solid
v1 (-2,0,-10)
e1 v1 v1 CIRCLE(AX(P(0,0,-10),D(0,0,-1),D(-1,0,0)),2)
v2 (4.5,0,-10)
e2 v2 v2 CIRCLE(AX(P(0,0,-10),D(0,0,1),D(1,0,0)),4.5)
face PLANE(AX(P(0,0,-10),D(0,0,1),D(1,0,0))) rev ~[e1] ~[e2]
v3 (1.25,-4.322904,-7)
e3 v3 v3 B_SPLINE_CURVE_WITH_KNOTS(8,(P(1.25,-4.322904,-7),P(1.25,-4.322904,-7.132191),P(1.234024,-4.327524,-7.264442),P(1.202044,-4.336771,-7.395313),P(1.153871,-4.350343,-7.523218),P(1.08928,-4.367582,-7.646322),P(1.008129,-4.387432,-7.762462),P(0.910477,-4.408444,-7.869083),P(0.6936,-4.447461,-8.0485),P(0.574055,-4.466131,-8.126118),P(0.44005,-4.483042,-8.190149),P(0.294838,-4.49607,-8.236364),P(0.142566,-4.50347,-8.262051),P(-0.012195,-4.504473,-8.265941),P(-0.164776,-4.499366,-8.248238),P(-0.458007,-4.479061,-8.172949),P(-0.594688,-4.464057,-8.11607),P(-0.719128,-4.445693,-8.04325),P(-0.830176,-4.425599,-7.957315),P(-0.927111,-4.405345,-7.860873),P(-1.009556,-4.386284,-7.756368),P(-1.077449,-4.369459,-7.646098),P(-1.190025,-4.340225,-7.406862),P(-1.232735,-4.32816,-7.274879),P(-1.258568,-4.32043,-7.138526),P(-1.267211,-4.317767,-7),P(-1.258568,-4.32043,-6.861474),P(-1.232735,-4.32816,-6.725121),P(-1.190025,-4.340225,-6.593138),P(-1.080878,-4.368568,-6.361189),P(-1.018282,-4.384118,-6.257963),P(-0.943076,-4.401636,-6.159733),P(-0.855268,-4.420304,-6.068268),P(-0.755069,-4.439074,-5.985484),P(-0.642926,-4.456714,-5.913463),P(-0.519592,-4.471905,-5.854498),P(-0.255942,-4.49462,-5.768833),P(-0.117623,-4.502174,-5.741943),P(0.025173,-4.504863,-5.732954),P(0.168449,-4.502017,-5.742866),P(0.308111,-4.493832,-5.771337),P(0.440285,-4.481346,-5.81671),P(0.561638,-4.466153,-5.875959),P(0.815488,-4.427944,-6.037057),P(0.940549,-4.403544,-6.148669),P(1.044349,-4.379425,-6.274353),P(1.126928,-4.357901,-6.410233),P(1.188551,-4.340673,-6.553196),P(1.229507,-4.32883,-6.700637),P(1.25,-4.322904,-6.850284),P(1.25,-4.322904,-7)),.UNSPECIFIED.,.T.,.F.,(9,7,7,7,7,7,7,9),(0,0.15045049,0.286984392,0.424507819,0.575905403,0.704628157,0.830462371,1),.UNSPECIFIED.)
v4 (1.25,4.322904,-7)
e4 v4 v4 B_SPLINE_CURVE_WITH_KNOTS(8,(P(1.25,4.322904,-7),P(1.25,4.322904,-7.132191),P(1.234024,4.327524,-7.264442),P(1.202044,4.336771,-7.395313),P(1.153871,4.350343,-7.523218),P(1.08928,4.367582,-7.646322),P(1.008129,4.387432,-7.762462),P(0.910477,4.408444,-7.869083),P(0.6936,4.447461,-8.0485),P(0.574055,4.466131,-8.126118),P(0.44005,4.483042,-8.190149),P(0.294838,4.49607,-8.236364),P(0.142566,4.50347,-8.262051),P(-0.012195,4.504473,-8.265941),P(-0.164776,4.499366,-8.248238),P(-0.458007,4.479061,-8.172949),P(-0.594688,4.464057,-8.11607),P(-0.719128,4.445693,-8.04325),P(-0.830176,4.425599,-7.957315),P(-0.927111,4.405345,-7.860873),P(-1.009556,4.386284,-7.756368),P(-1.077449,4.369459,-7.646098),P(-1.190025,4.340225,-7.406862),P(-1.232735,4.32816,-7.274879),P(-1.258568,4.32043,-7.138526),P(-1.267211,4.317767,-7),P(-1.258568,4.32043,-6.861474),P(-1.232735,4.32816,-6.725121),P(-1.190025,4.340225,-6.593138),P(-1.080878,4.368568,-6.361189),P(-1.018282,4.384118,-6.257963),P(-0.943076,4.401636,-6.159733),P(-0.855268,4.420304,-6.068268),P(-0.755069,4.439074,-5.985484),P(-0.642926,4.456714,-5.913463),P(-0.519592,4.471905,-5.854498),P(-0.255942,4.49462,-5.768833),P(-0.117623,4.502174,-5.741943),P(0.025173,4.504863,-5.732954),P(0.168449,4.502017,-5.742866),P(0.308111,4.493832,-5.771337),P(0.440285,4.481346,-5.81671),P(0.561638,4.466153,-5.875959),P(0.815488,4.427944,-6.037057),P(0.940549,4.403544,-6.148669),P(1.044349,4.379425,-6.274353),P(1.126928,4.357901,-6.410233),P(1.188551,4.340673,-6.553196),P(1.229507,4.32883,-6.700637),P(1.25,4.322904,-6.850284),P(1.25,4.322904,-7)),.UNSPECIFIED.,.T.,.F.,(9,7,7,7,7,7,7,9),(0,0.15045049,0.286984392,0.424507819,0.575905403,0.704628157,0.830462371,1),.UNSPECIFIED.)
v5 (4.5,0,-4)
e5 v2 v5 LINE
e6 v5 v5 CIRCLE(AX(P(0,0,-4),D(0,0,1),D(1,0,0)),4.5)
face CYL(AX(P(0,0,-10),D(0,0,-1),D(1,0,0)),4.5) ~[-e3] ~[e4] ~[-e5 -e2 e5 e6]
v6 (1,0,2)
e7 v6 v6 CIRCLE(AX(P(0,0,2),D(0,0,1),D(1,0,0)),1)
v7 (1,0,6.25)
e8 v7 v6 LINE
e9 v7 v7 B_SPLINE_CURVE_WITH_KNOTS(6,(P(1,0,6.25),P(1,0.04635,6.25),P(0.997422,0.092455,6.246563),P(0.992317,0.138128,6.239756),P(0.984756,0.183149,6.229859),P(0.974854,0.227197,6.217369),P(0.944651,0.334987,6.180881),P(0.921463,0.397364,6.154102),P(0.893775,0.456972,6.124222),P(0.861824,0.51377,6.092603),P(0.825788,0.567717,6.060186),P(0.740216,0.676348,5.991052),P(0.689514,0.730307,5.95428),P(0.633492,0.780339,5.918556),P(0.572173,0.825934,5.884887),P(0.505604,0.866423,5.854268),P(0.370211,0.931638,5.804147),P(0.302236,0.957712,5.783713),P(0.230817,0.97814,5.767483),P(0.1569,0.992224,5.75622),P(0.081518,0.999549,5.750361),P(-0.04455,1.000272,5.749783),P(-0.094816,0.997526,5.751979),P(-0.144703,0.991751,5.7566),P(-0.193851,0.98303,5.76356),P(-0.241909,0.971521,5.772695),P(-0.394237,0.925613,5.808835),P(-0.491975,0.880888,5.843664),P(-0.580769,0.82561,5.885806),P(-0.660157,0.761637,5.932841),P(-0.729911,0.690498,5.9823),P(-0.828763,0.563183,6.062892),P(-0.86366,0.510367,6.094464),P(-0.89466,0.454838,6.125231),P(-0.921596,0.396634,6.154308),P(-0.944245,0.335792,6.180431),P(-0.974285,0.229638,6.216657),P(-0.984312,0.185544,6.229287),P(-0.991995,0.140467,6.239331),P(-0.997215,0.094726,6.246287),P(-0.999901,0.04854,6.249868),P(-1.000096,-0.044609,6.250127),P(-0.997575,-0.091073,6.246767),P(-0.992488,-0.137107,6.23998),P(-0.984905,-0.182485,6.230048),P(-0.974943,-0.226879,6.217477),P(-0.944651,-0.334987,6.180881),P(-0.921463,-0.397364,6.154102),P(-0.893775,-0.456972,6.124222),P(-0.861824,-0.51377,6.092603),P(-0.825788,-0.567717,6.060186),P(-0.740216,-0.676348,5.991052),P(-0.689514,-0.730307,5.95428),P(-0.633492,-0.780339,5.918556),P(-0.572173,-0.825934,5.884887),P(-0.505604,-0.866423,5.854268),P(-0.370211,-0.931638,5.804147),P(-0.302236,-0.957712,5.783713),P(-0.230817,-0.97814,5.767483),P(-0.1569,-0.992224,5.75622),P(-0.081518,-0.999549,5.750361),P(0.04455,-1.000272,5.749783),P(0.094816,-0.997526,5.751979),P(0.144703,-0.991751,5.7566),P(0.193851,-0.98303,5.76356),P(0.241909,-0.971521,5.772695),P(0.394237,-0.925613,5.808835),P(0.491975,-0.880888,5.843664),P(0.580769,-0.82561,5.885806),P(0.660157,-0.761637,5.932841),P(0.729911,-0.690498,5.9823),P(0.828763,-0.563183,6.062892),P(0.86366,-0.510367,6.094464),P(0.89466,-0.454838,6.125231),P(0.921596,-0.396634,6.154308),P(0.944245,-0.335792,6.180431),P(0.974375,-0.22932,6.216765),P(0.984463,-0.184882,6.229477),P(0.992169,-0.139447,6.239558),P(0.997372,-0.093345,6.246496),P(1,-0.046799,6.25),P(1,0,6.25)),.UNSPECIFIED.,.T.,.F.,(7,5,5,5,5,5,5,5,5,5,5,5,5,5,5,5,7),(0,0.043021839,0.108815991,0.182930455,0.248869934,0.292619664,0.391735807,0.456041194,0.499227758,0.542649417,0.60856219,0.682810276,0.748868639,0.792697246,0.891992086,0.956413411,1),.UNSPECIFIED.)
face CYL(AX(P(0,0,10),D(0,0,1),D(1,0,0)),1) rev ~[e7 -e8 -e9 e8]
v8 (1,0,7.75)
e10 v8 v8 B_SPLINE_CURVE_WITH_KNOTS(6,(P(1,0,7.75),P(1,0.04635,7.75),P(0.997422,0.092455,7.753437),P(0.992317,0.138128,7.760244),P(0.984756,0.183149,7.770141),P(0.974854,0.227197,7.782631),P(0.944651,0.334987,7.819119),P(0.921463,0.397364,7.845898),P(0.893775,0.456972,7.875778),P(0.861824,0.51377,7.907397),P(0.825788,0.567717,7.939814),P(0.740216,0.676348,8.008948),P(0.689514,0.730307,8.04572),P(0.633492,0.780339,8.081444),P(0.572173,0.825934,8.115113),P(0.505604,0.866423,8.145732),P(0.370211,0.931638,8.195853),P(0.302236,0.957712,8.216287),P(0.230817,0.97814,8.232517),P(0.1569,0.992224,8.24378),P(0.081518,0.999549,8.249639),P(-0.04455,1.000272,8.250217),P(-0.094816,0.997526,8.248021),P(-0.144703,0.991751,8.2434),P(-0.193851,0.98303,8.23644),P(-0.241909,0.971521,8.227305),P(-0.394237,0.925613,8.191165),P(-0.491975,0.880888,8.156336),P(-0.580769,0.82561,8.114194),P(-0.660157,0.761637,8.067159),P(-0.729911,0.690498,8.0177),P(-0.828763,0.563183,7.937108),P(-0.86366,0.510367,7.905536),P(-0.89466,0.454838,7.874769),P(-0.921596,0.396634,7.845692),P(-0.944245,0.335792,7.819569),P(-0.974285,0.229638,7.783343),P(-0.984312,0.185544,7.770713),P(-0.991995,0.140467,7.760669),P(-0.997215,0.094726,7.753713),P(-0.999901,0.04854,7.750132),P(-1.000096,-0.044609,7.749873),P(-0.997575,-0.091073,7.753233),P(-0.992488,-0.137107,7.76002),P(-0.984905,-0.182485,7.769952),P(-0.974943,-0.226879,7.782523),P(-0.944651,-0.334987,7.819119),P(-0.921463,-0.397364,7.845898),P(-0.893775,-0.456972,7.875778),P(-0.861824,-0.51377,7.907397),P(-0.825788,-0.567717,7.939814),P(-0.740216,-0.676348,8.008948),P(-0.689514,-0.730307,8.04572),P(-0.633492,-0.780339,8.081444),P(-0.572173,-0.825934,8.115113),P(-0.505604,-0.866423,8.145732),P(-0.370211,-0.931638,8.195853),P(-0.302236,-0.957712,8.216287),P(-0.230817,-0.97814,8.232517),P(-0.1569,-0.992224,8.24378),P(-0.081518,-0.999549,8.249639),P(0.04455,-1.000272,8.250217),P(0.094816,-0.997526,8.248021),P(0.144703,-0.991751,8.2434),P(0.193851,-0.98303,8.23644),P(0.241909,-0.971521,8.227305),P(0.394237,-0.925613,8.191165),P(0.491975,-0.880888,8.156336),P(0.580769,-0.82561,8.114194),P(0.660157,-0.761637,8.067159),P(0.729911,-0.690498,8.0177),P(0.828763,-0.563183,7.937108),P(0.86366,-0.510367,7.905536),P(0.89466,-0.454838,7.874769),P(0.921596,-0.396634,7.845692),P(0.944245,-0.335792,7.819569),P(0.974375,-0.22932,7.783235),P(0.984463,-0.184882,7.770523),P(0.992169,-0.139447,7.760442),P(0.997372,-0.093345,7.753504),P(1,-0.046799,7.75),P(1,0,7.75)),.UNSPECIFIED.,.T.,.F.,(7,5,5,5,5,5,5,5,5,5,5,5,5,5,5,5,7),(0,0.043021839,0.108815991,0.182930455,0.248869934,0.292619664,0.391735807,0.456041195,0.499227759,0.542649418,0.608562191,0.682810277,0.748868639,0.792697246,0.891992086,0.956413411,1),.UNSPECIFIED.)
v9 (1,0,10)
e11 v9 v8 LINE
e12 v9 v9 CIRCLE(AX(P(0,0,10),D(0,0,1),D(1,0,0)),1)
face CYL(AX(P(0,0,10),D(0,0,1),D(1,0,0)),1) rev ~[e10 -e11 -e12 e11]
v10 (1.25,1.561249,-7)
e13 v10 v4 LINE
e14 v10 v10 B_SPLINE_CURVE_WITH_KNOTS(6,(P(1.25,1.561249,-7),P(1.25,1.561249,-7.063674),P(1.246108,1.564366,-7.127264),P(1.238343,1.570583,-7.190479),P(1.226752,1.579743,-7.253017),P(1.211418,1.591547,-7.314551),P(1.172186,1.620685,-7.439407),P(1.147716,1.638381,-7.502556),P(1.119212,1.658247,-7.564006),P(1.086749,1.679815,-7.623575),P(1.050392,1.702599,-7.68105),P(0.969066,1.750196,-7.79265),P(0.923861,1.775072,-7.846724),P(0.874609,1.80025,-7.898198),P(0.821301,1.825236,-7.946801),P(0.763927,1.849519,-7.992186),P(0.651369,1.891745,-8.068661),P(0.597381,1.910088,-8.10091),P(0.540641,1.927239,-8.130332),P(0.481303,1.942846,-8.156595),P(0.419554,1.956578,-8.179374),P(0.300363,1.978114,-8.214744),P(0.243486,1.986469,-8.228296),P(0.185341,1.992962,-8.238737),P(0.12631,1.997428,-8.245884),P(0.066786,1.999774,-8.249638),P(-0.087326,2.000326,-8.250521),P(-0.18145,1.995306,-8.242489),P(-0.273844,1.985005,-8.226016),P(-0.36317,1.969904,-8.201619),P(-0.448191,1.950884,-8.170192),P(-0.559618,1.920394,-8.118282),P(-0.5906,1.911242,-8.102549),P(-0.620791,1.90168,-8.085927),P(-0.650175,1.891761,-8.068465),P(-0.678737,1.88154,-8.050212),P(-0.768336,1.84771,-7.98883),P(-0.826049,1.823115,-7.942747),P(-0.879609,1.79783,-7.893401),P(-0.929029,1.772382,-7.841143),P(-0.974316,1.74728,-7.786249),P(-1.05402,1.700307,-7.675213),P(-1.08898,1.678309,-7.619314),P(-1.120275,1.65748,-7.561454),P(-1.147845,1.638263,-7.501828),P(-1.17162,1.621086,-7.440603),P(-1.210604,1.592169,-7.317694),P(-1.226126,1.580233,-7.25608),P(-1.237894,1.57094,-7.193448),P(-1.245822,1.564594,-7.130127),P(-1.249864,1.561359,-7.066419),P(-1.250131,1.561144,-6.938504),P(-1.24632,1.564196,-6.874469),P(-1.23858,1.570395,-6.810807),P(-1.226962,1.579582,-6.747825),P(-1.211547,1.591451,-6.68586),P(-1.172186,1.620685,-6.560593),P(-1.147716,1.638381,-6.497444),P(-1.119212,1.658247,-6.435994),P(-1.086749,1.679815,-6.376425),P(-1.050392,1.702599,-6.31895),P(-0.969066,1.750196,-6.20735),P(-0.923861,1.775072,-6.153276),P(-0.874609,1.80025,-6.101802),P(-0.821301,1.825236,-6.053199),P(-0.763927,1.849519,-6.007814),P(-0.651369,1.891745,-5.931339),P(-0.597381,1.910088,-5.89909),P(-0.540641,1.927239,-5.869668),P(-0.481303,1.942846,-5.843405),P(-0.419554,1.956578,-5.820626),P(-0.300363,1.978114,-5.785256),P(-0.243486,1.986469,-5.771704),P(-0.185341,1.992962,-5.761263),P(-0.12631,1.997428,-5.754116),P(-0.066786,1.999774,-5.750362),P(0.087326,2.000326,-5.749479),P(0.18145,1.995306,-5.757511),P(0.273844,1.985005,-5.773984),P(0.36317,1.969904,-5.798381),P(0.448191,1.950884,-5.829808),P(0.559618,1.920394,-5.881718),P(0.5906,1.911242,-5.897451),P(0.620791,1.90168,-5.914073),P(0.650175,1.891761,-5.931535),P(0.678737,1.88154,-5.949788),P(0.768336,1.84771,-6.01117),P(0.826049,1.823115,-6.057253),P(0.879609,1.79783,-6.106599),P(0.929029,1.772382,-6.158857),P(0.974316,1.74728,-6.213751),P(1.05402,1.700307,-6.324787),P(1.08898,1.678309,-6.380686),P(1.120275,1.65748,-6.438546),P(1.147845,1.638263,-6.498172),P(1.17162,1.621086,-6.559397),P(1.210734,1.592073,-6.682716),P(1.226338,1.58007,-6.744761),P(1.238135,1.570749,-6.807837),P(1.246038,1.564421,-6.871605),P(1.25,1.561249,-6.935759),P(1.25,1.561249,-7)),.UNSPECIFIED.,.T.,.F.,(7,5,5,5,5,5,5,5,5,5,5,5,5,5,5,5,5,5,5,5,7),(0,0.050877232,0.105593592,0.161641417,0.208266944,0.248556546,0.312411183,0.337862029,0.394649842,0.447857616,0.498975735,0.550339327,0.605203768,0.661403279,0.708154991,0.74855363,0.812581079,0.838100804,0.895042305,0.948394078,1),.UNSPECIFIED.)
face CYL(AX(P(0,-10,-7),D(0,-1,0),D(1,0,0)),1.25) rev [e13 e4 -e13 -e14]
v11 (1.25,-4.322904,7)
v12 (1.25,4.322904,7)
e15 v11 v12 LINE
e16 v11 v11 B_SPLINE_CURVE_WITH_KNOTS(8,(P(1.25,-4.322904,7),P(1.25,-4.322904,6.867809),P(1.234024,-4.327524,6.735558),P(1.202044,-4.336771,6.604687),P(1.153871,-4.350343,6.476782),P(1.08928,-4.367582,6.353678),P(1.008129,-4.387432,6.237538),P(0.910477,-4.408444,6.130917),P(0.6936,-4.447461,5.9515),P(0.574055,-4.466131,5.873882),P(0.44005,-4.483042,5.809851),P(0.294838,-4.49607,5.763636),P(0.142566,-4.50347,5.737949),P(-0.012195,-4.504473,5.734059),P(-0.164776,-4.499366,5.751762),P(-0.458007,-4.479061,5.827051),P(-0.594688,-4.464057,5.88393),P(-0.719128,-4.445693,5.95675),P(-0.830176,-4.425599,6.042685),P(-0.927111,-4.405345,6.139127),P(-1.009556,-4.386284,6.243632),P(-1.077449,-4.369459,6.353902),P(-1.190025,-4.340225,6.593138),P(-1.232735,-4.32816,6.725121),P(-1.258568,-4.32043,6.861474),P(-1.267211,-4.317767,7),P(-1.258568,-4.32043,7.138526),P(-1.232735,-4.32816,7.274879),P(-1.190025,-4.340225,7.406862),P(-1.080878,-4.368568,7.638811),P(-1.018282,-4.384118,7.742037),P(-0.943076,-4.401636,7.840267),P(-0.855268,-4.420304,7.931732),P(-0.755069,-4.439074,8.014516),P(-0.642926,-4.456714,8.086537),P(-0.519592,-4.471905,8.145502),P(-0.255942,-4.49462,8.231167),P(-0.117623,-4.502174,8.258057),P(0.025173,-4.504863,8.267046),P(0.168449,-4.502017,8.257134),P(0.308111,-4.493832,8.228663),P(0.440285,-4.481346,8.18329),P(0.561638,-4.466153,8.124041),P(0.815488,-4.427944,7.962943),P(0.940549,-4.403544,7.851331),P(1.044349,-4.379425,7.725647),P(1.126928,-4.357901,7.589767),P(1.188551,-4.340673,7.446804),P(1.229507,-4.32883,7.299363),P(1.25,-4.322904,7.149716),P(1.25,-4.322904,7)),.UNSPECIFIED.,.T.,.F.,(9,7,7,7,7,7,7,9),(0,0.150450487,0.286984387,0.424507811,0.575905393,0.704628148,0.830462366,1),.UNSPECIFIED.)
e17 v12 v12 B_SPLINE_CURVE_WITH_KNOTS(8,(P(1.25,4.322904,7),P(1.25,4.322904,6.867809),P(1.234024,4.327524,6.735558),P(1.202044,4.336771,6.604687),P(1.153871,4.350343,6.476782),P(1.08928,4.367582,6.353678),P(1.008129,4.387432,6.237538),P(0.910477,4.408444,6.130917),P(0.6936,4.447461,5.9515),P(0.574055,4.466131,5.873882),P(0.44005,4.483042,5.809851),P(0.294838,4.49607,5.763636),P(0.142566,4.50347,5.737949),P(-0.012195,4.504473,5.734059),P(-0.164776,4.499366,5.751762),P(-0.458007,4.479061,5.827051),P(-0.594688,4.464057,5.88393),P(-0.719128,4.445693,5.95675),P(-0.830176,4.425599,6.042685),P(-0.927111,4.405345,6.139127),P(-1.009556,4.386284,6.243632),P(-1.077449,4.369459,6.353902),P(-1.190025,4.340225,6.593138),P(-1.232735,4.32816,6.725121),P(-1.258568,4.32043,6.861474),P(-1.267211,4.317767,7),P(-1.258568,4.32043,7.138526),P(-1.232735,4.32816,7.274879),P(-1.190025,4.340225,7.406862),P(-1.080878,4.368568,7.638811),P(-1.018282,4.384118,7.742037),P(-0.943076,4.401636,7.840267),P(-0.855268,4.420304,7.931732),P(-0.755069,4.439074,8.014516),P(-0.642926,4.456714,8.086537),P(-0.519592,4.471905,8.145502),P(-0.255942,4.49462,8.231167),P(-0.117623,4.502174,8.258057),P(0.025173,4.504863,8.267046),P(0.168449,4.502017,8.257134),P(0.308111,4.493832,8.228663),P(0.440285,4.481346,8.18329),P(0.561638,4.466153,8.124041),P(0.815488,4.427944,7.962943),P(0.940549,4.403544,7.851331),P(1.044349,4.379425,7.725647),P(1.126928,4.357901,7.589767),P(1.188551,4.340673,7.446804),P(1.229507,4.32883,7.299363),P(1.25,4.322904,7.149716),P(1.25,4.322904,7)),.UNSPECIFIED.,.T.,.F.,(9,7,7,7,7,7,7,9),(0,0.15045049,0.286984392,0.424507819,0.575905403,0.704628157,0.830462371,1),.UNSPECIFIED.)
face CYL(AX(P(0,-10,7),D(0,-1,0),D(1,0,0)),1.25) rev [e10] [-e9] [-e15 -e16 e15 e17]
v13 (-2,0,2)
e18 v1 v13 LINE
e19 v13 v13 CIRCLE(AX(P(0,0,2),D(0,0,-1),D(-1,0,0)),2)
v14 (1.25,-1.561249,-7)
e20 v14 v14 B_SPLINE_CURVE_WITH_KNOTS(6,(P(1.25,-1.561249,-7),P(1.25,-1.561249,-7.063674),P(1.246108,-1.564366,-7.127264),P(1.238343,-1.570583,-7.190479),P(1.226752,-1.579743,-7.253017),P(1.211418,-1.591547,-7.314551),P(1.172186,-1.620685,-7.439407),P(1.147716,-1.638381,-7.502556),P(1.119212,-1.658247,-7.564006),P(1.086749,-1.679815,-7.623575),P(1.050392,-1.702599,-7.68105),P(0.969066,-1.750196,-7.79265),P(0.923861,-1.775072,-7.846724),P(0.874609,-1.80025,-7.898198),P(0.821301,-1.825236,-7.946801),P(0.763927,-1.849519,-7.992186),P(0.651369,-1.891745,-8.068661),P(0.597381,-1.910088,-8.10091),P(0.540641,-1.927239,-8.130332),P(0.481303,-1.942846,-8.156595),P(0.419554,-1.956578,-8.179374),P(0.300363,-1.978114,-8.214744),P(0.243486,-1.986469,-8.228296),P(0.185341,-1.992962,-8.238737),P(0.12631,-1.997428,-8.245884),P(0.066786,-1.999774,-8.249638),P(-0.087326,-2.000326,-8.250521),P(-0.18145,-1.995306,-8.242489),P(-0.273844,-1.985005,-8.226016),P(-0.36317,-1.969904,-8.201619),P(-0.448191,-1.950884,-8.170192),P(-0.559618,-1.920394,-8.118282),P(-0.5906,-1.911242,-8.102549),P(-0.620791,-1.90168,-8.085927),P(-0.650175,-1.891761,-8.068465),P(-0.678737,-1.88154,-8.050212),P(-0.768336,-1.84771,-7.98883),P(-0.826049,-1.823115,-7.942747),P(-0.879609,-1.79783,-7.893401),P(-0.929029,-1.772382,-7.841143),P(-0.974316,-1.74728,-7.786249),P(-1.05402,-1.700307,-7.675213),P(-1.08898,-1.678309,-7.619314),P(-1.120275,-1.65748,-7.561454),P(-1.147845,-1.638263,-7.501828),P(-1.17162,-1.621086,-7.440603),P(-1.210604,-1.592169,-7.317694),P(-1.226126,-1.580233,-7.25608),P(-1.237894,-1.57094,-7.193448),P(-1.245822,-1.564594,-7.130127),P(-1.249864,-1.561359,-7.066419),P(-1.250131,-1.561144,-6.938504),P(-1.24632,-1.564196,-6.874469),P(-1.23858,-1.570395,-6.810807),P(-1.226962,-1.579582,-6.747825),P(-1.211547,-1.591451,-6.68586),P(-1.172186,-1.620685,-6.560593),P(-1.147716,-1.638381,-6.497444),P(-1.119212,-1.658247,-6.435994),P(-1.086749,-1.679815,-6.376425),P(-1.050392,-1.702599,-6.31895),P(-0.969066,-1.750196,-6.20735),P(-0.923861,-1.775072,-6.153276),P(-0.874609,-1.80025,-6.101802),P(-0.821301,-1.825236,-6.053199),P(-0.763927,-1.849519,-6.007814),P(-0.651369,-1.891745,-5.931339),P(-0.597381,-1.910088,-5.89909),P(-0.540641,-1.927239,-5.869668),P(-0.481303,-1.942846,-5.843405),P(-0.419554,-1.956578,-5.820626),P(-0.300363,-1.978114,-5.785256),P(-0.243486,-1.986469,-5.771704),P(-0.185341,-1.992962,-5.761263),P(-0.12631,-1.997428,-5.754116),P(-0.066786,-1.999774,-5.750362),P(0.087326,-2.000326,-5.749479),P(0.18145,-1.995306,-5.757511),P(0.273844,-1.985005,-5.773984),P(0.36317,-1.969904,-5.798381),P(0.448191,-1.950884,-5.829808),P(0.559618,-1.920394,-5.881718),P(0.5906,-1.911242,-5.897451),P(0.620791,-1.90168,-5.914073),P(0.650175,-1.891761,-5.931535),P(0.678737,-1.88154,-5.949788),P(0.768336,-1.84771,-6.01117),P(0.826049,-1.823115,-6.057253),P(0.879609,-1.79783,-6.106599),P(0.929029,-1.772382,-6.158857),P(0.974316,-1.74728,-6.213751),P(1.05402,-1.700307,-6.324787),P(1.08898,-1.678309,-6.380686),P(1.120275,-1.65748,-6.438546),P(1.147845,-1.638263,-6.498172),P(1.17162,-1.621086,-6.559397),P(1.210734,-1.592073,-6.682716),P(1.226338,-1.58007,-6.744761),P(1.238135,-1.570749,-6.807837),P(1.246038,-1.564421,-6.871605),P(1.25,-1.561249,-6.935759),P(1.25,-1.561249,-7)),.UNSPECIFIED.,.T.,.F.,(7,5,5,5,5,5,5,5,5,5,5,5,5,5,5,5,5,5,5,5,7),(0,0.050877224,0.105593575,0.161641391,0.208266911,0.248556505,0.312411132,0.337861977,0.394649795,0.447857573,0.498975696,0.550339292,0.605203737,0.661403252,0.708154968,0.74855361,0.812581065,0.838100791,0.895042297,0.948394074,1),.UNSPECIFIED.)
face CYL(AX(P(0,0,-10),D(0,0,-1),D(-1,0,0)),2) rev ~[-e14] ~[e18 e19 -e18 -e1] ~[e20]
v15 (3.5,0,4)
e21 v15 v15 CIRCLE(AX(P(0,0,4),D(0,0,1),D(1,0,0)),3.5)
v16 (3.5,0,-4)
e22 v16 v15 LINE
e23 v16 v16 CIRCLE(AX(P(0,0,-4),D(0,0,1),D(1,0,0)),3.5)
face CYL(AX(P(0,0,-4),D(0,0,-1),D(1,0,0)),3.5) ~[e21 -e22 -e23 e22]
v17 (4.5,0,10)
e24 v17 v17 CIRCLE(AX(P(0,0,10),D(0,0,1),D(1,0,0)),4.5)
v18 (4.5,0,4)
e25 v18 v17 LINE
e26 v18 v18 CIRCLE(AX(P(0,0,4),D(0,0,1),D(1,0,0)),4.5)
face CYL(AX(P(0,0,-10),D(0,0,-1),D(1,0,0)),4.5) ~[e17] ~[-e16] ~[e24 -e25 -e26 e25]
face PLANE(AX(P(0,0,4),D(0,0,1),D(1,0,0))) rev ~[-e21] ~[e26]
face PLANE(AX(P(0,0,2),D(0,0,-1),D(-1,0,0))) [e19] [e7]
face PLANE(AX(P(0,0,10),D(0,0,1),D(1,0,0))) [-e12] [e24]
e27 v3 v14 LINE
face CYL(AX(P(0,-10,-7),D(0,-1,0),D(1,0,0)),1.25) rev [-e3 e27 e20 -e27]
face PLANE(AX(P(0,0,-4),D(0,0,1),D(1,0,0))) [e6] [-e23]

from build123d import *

# Parameters (mm, degrees)
BOSS_EXTRUDE1_DEPTH      = 10
BOSS_EXTRUDE1_DEPTH_BACK = 10
SKETCH1_R                = 4.5
CUT_EXTRUDE1_DEPTH       = 4
CUT_EXTRUDE1_DEPTH_BACK  = 4
SKETCH2_R                = 4.5
SKETCH2_R_2              = 3.5
SKETCH3_R                = 1
CUT_EXTRUDE2_DEPTH       = 20
SKETCH4_R                = 2
CUT_EXTRUDE3_DEPTH       = 12
CUT_EXTRUDE4_DEPTH       = 10
CUT_EXTRUDE4_DEPTH_BACK  = 10
SKETCH5_R                = 1.25


with BuildPart() as part:
    # Sketch1 → Boss-Extrude1 (new, two sides: drawn at the far end of the back side and taken through both)
    with BuildSketch(Plane.XY.offset(-BOSS_EXTRUDE1_DEPTH_BACK)):
        Circle(SKETCH1_R)
    extrude(amount=BOSS_EXTRUDE1_DEPTH + BOSS_EXTRUDE1_DEPTH_BACK)

    # Sketch2 → Cut-Extrude1 (cut, two sides: drawn at the far end of the back side and taken through both)
    with BuildSketch(Plane.XY.offset(-CUT_EXTRUDE1_DEPTH_BACK)):
        Circle(SKETCH2_R)
        Circle(SKETCH2_R_2, mode=Mode.SUBTRACT)
    extrude(amount=CUT_EXTRUDE1_DEPTH + CUT_EXTRUDE1_DEPTH_BACK, mode=Mode.SUBTRACT)

    # Sketch3 → Cut-Extrude2 (cut)
    with BuildSketch(Plane.XY.offset(10)):
        Circle(SKETCH3_R)
    extrude(amount=-CUT_EXTRUDE2_DEPTH, mode=Mode.SUBTRACT)

    # Sketch4 → Cut-Extrude3 (cut)
    with BuildSketch(Plane(origin=(0, 0, -10), x_dir=(-1, 0, 0), z_dir=(0, 0, -1))):
        Circle(SKETCH4_R)
    extrude(amount=-CUT_EXTRUDE3_DEPTH, mode=Mode.SUBTRACT)

    # Sketch5 → Cut-Extrude4 (cut, two sides: drawn at the far end of the back side and taken through both)
    with BuildSketch(Plane(origin=(0, 0, 0), x_dir=(1, 0, 0), z_dir=(0, 1, 0)).offset(-CUT_EXTRUDE4_DEPTH_BACK)):
        with Locations((0, 7)):
            Circle(SKETCH5_R)
        with Locations((0, -7)):
            Circle(SKETCH5_R)
    extrude(amount=CUT_EXTRUDE4_DEPTH + CUT_EXTRUDE4_DEPTH_BACK, mode=Mode.SUBTRACT)


solid = part.part
